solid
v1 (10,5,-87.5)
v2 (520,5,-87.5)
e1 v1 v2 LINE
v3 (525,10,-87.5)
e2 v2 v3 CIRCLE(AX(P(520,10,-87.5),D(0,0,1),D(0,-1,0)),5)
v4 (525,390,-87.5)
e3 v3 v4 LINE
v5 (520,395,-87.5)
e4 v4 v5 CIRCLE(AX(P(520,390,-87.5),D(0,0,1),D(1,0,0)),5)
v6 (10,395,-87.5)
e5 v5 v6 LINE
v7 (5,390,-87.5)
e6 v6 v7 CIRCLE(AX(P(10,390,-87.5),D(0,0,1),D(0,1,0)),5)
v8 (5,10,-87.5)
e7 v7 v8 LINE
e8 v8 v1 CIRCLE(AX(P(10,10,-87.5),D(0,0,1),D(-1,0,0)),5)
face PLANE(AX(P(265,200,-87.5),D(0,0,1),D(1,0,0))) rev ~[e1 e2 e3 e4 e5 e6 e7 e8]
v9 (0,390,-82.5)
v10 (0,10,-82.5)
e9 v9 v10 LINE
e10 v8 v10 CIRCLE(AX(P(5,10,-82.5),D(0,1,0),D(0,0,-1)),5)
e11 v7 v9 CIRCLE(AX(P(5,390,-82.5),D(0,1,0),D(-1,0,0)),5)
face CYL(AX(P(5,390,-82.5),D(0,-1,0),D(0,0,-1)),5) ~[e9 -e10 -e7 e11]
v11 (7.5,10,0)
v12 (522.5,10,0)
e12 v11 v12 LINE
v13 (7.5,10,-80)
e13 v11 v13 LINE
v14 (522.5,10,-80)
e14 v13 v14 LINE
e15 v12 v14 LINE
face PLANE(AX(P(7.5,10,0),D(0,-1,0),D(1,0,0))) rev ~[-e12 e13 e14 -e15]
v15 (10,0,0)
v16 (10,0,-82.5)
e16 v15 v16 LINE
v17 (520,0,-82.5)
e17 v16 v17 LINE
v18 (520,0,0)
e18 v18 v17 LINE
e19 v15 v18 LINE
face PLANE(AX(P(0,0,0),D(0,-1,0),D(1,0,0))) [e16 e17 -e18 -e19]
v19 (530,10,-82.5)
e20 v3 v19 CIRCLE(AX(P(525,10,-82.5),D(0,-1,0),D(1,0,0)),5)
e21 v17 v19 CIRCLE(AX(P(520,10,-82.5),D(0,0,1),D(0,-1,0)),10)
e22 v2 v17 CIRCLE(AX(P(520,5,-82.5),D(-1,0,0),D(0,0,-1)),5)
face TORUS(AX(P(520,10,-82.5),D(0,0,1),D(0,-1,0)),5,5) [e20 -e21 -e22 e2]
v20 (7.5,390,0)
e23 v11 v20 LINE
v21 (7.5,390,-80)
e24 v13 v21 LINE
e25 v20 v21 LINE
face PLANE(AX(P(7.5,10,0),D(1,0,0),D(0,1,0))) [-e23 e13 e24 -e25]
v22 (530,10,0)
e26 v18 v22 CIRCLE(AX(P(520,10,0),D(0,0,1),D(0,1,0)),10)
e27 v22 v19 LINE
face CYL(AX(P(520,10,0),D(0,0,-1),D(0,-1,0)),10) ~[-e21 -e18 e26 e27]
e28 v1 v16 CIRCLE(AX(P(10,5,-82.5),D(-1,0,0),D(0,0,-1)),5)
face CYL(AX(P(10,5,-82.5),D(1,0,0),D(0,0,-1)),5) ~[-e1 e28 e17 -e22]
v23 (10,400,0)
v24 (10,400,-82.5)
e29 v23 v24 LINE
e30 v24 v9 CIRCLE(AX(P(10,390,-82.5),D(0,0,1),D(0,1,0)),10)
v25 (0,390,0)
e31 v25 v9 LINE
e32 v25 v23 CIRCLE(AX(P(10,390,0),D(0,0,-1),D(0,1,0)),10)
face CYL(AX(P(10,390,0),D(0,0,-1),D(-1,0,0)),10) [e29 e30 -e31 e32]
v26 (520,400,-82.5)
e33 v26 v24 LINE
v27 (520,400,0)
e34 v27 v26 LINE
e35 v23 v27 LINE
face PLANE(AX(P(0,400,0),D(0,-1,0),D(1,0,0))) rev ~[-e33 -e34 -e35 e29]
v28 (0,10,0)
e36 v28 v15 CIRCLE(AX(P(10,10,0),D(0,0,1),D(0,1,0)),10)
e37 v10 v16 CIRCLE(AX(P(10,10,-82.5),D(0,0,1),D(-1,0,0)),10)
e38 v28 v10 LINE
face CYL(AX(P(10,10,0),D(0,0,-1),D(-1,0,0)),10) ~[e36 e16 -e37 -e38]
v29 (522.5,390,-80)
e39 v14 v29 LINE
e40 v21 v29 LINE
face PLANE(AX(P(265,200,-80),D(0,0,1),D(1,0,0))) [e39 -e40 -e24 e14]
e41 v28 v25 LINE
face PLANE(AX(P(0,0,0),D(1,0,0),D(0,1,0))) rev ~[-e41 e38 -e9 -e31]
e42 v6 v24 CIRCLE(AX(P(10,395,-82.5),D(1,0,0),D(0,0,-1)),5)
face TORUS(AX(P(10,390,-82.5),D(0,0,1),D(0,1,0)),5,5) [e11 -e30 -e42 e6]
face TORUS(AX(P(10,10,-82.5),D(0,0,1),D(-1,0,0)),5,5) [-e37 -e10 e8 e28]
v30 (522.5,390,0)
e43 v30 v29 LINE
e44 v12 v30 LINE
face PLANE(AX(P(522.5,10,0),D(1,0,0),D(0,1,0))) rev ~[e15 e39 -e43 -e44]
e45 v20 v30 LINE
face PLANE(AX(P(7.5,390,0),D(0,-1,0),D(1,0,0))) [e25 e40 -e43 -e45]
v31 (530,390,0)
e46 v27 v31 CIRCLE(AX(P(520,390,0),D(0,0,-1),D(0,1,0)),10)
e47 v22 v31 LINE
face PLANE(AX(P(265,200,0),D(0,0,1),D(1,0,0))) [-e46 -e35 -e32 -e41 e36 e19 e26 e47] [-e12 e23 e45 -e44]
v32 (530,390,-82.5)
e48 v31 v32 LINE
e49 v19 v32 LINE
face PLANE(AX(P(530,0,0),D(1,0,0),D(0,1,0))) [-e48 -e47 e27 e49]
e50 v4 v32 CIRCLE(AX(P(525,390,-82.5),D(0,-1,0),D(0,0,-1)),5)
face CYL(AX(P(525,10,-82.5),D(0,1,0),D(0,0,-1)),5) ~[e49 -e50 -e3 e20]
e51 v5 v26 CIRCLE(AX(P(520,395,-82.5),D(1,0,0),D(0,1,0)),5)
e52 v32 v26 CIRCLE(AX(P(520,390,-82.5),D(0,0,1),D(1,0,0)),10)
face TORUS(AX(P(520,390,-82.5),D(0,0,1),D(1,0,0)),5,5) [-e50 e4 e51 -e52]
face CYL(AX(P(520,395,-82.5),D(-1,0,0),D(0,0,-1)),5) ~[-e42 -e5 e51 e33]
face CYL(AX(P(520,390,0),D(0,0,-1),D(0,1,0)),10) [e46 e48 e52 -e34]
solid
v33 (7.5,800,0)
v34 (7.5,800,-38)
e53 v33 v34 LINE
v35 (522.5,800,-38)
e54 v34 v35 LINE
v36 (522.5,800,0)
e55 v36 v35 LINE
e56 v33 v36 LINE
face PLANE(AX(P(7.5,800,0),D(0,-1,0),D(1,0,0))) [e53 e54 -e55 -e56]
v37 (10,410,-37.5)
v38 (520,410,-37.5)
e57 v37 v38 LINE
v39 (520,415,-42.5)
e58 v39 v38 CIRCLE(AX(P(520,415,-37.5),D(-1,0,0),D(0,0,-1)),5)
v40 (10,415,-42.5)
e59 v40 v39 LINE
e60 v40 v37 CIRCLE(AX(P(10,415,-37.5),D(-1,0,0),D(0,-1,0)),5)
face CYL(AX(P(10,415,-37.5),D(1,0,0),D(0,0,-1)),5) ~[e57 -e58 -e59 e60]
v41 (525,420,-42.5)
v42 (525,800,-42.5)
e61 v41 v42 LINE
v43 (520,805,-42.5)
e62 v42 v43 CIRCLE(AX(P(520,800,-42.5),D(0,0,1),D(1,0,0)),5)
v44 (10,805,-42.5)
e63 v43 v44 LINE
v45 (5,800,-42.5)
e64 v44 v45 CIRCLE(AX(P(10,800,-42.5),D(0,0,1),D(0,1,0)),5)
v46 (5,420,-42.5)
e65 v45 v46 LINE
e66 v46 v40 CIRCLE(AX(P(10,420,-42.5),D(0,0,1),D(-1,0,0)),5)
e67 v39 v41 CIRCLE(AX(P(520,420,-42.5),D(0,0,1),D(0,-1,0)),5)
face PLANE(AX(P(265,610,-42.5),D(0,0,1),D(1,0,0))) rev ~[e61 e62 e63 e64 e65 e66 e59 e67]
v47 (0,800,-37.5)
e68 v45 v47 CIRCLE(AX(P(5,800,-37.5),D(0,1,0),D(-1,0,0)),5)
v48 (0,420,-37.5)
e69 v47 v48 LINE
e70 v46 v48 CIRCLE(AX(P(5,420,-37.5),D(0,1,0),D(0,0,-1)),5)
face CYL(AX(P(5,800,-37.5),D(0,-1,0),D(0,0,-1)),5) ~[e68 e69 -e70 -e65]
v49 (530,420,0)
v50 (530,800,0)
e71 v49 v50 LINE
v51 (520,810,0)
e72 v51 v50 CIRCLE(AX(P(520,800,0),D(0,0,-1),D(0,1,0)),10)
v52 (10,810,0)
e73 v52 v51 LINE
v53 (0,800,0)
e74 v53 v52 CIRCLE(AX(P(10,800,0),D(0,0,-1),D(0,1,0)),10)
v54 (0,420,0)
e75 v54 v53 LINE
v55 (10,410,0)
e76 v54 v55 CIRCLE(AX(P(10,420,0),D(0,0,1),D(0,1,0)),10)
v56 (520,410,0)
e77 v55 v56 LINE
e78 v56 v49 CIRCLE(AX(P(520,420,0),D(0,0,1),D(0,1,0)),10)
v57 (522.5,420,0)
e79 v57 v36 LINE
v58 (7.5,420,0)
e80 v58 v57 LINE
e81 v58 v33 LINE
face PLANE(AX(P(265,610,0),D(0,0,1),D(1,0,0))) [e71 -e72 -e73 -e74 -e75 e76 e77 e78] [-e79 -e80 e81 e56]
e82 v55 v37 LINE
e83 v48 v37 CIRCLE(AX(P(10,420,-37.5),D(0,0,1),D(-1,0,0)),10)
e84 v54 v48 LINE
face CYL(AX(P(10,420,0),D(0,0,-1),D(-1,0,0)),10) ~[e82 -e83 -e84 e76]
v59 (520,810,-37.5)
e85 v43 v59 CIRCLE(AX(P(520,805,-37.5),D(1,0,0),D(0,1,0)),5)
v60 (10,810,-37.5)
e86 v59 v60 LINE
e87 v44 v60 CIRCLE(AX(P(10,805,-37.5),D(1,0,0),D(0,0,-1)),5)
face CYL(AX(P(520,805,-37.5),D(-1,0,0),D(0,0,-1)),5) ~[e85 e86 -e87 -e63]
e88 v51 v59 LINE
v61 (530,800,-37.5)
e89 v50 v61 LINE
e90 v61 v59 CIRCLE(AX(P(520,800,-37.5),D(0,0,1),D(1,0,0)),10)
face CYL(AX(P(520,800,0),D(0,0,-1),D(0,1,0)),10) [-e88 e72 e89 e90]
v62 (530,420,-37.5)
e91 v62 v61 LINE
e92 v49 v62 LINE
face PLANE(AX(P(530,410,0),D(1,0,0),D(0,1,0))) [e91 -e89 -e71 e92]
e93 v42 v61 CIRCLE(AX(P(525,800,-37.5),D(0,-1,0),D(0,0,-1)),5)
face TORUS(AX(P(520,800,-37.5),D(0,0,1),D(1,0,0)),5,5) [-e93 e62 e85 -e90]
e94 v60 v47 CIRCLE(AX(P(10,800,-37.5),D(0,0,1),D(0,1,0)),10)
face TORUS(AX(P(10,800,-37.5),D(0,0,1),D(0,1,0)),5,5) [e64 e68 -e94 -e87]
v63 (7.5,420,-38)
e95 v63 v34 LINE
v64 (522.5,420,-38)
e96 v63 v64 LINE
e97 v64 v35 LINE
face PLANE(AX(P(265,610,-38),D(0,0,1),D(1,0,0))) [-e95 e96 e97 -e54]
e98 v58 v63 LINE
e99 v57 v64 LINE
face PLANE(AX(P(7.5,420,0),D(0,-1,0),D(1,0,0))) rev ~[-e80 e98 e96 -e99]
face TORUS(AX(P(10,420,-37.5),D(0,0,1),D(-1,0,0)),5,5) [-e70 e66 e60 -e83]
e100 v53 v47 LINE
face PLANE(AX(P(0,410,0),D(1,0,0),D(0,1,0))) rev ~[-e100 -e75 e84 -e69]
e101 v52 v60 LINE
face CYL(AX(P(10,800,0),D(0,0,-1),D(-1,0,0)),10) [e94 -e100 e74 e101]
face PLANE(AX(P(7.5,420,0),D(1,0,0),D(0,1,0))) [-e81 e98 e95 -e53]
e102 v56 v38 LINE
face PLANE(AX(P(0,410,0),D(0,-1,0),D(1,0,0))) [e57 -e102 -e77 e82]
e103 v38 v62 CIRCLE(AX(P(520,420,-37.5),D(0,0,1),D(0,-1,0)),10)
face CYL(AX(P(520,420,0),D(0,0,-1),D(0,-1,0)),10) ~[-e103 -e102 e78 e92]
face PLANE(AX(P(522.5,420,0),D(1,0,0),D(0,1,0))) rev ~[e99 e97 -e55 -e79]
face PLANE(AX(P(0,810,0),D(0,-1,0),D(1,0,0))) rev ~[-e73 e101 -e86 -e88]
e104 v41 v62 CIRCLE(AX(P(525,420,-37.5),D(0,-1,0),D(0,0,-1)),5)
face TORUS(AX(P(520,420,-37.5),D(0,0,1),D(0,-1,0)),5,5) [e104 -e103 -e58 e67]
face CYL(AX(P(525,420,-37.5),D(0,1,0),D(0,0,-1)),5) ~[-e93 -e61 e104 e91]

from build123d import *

# Parameters (mm, degrees)
F0_W     = 530
F0_H     = 400
F1_DEPTH = 87.5
F2_W     = 530
F2_H     = 400
F3_DEPTH = 42.5
F4_W     = 515
F4_H     = 380
F5_DEPTH = 80
F6_W     = 515
F6_H     = 380
F7_DEPTH = 38
F8_R     = 10
F8_2_R   = 10
F9_R     = 5
F9_2_R   = 5


with BuildPart() as f1:
    # F0 (on Top) → F1 (new body)
    with BuildSketch(Plane.XY):
        with Locations((265, 200)):
            Rectangle(F0_W, F0_H)
    extrude(amount=-F1_DEPTH)

    # F4 (on face) → F5 (cut)
    with BuildSketch(Plane.XY):
        with Locations((265, 200)):
            Rectangle(F4_W, F4_H)
    extrude(amount=-F5_DEPTH, mode=Mode.SUBTRACT)

    # F8
    f8_edges = [f1.edges().sort_by_distance(p)[0] for p in [
        (0, 0, -43.75),
        (530, 0, -43.75),
        (530, 400, -43.75),
        (0, 400, -43.75),
    ]]
    fillet(f8_edges, radius=F8_R)

    # F9
    f9_edges = [f1.edges().sort_by_distance(p)[0] for p in [
        (265, 0, -87.5),
    ]]
    fillet(f9_edges, radius=F9_R)


with BuildPart() as f3:
    # F2 (on face) → F3 (new body)
    with BuildSketch(Plane.XY):
        with Locations((265, 610)):
            Rectangle(F2_W, F2_H)
    extrude(amount=-F3_DEPTH)

    # F6 (on face) → F7 (cut)
    with BuildSketch(Plane.XY):
        with Locations((265, 610)):
            Rectangle(F6_W, F6_H)
    extrude(amount=-F7_DEPTH, mode=Mode.SUBTRACT)

    # F8#2
    f8_2_edges = [f3.edges().sort_by_distance(p)[0] for p in [
        (530, 410, -21.25),
        (0, 410, -21.25),
        (0, 810, -21.25),
        (530, 810, -21.25),
    ]]
    fillet(f8_2_edges, radius=F8_2_R)

    # F9#2
    f9_2_edges = [f3.edges().sort_by_distance(p)[0] for p in [
        (530, 610, -42.5),
    ]]
    fillet(f9_2_edges, radius=F9_2_R)


solid = Compound([f1.part, f3.part])
